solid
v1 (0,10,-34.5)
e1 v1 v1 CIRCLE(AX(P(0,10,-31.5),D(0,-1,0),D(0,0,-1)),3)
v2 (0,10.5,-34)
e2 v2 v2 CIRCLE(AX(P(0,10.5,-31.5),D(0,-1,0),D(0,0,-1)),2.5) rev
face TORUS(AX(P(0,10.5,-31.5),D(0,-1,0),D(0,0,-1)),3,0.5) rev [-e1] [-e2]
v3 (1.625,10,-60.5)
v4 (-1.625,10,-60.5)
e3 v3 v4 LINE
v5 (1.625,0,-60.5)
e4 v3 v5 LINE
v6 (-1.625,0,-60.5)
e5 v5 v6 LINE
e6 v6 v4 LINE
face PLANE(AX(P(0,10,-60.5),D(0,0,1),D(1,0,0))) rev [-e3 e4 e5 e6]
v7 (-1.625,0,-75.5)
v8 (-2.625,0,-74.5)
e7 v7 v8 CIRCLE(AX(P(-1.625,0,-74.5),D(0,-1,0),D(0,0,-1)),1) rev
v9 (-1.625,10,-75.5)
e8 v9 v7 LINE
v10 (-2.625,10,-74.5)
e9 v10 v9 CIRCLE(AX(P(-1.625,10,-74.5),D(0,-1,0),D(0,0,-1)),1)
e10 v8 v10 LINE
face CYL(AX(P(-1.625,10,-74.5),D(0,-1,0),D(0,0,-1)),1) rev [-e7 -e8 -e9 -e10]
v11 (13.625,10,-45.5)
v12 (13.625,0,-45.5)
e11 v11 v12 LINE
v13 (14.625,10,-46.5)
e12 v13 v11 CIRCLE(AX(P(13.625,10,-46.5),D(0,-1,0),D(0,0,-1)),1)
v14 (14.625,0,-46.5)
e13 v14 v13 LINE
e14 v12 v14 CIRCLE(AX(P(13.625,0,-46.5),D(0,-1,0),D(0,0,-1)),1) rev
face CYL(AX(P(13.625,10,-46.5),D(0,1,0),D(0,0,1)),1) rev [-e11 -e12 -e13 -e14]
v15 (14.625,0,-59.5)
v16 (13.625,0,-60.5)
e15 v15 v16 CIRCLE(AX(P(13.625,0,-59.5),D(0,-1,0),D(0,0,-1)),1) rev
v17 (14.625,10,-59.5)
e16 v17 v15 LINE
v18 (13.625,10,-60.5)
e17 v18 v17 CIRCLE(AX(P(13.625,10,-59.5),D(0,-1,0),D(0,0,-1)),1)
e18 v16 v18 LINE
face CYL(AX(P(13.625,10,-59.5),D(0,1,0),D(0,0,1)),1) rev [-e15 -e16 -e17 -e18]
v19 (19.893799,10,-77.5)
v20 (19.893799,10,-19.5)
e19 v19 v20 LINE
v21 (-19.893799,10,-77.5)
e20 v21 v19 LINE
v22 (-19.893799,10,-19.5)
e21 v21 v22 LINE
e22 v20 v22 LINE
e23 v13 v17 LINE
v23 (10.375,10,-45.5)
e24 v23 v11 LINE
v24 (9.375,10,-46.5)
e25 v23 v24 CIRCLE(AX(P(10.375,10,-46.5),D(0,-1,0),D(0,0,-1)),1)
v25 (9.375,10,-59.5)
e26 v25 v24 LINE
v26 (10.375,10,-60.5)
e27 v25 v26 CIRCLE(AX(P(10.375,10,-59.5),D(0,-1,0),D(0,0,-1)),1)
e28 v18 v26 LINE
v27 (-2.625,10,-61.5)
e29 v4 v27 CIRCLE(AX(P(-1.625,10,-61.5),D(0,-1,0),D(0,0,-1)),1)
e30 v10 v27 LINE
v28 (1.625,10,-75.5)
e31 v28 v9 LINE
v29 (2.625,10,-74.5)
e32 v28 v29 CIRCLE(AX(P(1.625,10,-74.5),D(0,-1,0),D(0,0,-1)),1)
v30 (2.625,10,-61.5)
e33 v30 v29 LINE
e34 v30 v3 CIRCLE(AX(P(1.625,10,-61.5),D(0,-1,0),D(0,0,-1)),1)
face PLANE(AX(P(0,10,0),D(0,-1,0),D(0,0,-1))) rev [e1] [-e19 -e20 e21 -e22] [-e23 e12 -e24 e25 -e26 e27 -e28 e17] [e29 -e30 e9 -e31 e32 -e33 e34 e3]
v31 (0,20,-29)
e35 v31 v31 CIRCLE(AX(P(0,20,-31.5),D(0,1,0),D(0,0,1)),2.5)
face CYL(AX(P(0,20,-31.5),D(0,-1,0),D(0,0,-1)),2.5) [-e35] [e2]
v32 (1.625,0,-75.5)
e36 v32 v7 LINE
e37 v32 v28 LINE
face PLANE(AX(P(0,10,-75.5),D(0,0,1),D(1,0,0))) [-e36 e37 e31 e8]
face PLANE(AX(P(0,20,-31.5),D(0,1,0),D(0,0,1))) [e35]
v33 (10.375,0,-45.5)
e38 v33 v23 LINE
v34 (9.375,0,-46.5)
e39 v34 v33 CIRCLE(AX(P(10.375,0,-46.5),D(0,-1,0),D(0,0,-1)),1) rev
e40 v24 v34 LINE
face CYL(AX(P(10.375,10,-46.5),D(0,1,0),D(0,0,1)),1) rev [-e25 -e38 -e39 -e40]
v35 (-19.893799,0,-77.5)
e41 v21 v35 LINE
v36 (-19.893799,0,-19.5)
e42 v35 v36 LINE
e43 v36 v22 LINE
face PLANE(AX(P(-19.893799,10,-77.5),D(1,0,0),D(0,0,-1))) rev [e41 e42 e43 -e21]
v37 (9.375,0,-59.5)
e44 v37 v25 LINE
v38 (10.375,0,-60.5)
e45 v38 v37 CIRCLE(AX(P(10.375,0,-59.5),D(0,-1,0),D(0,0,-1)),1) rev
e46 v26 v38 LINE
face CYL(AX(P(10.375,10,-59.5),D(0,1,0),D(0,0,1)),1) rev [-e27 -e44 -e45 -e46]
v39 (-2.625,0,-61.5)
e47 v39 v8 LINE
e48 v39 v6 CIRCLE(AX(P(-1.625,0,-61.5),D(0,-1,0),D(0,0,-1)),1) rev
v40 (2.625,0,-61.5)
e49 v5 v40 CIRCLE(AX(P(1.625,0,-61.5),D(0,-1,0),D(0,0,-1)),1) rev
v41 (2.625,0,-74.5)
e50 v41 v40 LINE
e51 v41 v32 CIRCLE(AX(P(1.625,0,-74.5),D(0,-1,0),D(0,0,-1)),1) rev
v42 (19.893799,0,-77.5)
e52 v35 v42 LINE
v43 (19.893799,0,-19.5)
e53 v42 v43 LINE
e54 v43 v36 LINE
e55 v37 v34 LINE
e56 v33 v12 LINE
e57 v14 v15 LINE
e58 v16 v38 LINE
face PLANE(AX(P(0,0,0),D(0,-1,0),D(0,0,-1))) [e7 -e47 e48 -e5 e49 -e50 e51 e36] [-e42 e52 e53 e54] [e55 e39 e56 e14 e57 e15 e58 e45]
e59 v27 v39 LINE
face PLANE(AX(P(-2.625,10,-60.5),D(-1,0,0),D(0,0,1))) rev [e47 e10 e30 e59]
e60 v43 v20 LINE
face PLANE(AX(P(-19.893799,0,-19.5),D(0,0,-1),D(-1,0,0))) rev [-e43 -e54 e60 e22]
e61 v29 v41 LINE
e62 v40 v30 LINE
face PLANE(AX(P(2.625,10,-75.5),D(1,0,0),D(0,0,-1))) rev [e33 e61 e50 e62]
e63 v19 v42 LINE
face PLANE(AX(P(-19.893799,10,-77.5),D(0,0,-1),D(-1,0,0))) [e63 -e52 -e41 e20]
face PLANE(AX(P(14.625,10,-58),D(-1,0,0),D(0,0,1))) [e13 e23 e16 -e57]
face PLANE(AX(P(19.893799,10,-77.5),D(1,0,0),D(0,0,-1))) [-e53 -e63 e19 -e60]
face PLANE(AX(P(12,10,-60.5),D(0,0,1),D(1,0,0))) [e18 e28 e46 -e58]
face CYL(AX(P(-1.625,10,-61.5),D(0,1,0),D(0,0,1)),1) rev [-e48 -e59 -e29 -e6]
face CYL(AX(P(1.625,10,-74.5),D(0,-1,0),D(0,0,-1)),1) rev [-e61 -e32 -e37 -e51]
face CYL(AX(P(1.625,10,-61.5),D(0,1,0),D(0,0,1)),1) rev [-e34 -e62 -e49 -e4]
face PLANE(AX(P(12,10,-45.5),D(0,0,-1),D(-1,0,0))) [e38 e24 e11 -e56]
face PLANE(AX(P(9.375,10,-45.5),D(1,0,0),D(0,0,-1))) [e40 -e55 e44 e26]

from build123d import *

# Parameters (mm, degrees)
BOSS_EXTRUDE1_DEPTH  = 10
FILLET2_R            = 1
FILLET2_OF_MIRROR1_R = 1
CUT_EXTRUDE1_DEPTH   = 81.635062113
FILLET3_R            = 1
SKETCH5_R            = 2.5
BOSS_EXTRUDE2_DEPTH  = 10
FILLET1_R            = 0.5
SKETCH6_W            = 39.78759817
SKETCH6_H            = 34
CUT_EXTRUDE2_DEPTH   = 10


with BuildPart() as part:
    # Sketch2 → Boss-Extrude1 (new body)
    with BuildSketch(Plane(origin=(0, 0, 0), x_dir=(1, 0, 0), z_dir=(0, 1, 0))):
        Polygon((-19.893799085, 77.5), (0, 77.5), (0, 75.5), (-2.625, 75.5), (-2.625, 73), (-2.625, 63), (-2.625, 60.5), (0, 60.5), (0, 60.375), (0, 2.5), (-2.625, 2.5), (-2.625, 0), (-2.625, -10), (-2.625, -12.5), (0, -12.5), (0, -14.5), (-19.893799085, -14.5), align=None)
    boss_extrude1 = extrude(amount=BOSS_EXTRUDE1_DEPTH)

    # Fillet2
    fillet2_edges = [part.edges().sort_by_distance(p)[0] for p in [
        (-2.625, 5, 12.5),
        (-2.625, 5, -2.5),
        (-2.625, 5, -60.5),
        (-2.625, 5, -75.5),
    ]]
    fillet(fillet2_edges, radius=FILLET2_R)

    # Mirror1: Boss-Extrude1 across Right Plane
    add(boss_extrude1.mirror(Plane(origin=(0, 0, 0), x_dir=(0, 0, -1), z_dir=(1, 0, 0))))

    # Fillet2 of Mirror1
    fillet2_of_mirror1_edges = [part.edges().sort_by_distance(p)[0] for p in [
        (2.625, 5, 12.5),
        (2.625, 5, -2.5),
        (2.625, 5, -60.5),
        (2.625, 5, -75.5),
    ]]
    fillet(fillet2_of_mirror1_edges, radius=FILLET2_OF_MIRROR1_R)

    # Sketch4 → Cut-Extrude1 (cut, through all)
    with BuildSketch(Plane(origin=(0, 0, 0), x_dir=(1, 0, 0), z_dir=(0, 1, 0))):
        Polygon((-14.625, 15), (-14.625, 5), (-14.625, 2.5), (-12, 2.5), (-9.375, 2.5), (-9.375, 5), (-9.375, 15), (-9.375, 17.5), (-12, 17.5), (-14.625, 17.5), align=None)
        Polygon((9.375, 58), (9.375, 48), (9.375, 45.5), (12, 45.5), (14.625, 45.5), (14.625, 48), (14.625, 58), (14.625, 60.5), (12, 60.5), (9.375, 60.5), align=None)
    extrude(amount=CUT_EXTRUDE1_DEPTH, mode=Mode.SUBTRACT)

    # Fillet3
    fillet3_edges = [part.edges().sort_by_distance(p)[0] for p in [
        (-14.625, 5, -17.5),
        (-14.625, 5, -2.5),
        (-9.375, 5, -2.5),
        (-9.375, 5, -17.5),
        (14.625, 5, -60.5),
        (9.375, 5, -60.5),
        (9.375, 5, -45.5),
        (14.625, 5, -45.5),
    ]]
    fillet(fillet3_edges, radius=FILLET3_R)

    # Sketch5 → Boss-Extrude2 (add)
    with BuildSketch(Plane(origin=(0, 10, 0), x_dir=(1, 0, 0), z_dir=(0, 1, 0))):
        with Locations(Location((0, 31.5, 0), (0, 0, 90))):
            Circle(SKETCH5_R)
    extrude(amount=BOSS_EXTRUDE2_DEPTH)

    # Fillet1
    fillet1_edges = [part.edges().sort_by_distance(p)[0] for p in [
        (0, 10, -29),
    ]]
    fillet(fillet1_edges, radius=FILLET1_R)

    # Sketch6 → Cut-Extrude2 (cut)
    with BuildSketch(Plane(origin=(0, 10, 0), x_dir=(1, 0, 0), z_dir=(0, 1, 0))):
        with Locations((0, 2.5)):
            Rectangle(SKETCH6_W, SKETCH6_H)
    extrude(amount=-CUT_EXTRUDE2_DEPTH, mode=Mode.SUBTRACT)


solid = part.part
